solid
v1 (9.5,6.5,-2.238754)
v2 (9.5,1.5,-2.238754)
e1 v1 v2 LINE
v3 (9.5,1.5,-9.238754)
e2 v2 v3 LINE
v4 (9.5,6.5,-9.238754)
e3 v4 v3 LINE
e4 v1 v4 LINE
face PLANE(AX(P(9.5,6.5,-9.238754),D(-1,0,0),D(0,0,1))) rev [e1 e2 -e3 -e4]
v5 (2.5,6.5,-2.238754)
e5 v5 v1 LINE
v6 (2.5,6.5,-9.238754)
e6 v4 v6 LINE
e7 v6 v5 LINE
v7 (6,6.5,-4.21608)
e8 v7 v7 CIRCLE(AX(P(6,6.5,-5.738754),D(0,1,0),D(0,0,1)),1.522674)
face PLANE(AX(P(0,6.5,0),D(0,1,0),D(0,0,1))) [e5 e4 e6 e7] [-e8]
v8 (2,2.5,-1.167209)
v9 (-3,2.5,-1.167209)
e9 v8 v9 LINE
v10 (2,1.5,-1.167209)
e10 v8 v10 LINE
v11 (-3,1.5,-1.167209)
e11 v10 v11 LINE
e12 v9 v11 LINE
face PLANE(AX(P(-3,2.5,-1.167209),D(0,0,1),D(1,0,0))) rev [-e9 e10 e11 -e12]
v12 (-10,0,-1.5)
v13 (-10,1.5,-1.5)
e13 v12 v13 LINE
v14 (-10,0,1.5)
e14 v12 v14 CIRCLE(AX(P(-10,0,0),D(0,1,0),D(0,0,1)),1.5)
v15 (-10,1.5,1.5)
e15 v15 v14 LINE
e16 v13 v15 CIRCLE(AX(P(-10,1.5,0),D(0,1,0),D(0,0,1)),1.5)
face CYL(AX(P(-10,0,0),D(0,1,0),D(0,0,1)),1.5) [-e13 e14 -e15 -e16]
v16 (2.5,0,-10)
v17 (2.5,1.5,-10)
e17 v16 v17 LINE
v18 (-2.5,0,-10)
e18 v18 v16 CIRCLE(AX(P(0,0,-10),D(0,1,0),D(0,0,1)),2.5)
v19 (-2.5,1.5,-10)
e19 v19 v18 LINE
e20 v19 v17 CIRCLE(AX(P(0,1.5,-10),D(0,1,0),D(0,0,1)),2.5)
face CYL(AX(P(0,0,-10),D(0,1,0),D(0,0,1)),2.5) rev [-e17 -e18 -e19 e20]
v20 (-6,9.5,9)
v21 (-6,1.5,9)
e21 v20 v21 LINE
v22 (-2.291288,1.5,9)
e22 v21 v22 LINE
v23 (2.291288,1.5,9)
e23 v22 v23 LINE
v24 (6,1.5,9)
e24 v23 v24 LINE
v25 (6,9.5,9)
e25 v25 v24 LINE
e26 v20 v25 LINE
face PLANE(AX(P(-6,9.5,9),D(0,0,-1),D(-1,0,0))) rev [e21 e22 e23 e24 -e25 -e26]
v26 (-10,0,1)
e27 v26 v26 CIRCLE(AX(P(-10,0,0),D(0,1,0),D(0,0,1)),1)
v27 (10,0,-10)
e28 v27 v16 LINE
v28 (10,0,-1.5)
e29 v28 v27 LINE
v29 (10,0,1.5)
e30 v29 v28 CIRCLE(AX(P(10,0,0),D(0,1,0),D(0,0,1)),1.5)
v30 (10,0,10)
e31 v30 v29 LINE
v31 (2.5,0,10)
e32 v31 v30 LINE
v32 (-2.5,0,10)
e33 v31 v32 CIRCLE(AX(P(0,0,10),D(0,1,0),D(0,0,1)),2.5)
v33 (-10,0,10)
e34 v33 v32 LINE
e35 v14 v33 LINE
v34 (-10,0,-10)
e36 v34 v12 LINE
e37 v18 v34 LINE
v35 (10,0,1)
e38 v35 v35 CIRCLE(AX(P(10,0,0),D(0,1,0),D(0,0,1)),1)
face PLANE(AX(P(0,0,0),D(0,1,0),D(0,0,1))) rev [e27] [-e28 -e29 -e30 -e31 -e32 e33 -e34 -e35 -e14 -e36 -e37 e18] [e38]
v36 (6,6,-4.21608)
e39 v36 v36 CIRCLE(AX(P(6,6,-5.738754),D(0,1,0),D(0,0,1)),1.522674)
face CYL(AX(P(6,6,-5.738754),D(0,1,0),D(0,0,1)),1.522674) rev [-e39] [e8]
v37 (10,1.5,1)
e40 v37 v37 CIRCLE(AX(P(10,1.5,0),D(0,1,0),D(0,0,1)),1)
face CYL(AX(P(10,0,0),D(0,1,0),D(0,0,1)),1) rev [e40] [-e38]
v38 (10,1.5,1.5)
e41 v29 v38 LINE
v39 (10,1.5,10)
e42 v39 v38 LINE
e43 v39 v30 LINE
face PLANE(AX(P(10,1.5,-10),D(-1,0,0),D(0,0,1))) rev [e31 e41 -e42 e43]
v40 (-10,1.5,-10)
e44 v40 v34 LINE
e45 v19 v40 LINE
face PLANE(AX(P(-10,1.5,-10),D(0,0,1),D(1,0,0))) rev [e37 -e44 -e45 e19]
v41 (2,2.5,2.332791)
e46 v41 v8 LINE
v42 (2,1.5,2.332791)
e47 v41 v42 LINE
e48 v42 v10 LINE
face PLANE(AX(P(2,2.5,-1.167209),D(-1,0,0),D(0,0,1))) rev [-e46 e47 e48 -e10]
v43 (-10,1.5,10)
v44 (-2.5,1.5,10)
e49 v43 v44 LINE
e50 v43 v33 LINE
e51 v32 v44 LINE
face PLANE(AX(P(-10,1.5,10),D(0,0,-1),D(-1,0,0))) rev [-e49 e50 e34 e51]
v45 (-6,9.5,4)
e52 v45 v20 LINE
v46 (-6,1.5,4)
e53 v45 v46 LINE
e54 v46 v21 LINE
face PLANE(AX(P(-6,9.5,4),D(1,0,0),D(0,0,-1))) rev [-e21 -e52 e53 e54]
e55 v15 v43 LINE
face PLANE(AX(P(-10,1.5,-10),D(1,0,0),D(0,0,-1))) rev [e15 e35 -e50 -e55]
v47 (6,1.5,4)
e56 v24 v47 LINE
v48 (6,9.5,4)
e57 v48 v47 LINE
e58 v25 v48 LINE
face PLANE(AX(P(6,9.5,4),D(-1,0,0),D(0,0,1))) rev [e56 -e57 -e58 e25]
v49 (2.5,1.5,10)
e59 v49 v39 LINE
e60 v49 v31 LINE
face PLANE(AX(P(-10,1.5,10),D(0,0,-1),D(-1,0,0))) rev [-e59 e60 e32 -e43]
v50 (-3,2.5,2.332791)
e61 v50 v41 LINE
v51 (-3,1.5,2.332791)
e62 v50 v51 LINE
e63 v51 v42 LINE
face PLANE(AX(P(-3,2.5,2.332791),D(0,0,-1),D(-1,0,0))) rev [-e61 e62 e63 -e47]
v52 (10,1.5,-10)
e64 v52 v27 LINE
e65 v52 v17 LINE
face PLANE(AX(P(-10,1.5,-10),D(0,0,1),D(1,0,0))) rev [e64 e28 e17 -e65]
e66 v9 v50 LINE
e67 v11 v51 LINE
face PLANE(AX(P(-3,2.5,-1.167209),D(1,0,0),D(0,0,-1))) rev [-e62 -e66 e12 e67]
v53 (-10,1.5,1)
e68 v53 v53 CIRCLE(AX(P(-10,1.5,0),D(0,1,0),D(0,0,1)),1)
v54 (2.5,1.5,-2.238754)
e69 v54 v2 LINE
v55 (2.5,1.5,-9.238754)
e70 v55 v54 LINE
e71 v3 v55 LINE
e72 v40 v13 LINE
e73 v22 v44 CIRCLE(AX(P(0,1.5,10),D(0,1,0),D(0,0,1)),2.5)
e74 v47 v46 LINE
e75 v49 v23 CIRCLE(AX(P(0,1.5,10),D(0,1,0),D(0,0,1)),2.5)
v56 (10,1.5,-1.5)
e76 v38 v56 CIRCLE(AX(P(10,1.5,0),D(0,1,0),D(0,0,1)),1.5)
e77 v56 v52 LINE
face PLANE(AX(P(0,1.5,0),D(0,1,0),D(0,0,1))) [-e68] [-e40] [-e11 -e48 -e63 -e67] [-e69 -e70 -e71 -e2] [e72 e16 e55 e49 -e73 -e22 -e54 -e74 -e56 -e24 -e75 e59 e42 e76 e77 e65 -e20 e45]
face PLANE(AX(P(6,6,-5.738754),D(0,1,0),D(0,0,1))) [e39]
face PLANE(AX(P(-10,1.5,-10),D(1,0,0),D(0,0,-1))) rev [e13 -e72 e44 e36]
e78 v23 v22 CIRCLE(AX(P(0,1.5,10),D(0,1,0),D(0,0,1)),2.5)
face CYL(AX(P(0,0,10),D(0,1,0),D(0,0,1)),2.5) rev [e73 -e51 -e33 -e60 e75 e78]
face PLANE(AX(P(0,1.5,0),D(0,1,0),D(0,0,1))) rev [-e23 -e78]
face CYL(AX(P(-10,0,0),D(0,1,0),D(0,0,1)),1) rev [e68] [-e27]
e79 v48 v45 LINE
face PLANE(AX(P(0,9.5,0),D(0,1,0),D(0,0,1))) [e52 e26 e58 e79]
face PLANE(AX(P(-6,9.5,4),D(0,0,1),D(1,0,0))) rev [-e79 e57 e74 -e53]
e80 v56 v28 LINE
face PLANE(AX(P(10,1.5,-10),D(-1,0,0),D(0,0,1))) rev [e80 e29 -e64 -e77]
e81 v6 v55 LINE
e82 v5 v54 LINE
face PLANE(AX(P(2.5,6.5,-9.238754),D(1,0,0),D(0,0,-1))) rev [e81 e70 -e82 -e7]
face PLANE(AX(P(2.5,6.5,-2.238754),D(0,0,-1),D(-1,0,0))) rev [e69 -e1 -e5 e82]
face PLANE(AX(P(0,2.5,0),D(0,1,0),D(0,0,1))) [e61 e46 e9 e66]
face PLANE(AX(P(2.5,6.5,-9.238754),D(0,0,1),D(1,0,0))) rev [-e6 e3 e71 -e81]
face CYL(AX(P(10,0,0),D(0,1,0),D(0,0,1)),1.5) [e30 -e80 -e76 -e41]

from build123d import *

# Parameters (mm, degrees)
SKETCH2_W                       = 20
SKETCH2_H                       = 20
PCB_DEPTH                       = 1.5
SKETCH3_R                       = 1.5
SIDE_MOUNTING_HOLES_FRAME_DEPTH = 1.5
SKETCH4_R                       = 1
SIDE_MOUNTING_HOLES_DEPTH       = 1.5
SKETCH5_R                       = 2.5
SIDE_INLETS_DEPTH               = 1.5
SKETCH6_W                       = 12
SKETCH6_H                       = 5
BOSS_EXTRUDE3_DEPTH             = 8
SKETCH7_W                       = 7
SKETCH7_H                       = 7
BOSS_EXTRUDE4_DEPTH             = 5
SKETCH8_R                       = 1.522673679
CUT_EXTRUDE3_DEPTH              = 0.5
SKETCH9_W                       = 5
SKETCH9_H                       = 3.5
BOSS_EXTRUDE5_DEPTH             = 1


with BuildPart() as part:
    # Sketch2 → pcb (new body)
    with BuildSketch(Plane(origin=(0, 0, 0), x_dir=(1, 0, 0), z_dir=(0, 1, 0))):
        Rectangle(SKETCH2_W, SKETCH2_H)
    extrude(amount=PCB_DEPTH)

    # Sketch3 → side mounting holes frame (add)
    with BuildSketch(Plane(origin=(0, 1.5, 0), x_dir=(1, 0, 0), z_dir=(0, 1, 0))):
        with Locations((-10, 0)):
            Circle(SKETCH3_R)
        with Locations((10, 0)):
            Circle(SKETCH3_R)
    extrude(amount=-SIDE_MOUNTING_HOLES_FRAME_DEPTH)

    # Sketch4 → side mounting holes (cut)
    with BuildSketch(Plane(origin=(0, 1.5, 0), x_dir=(1, 0, 0), z_dir=(0, 1, 0))):
        with Locations((-10, 0)):
            Circle(SKETCH4_R)
        with Locations((10, 0)):
            Circle(SKETCH4_R)
    extrude(amount=-SIDE_MOUNTING_HOLES_DEPTH, mode=Mode.SUBTRACT)

    # Sketch5 → side inlets (cut)
    with BuildSketch(Plane(origin=(0, 1.5, 0), x_dir=(1, 0, 0), z_dir=(0, 1, 0))):
        with Locations((0, 10)):
            Circle(SKETCH5_R)
        with Locations((0, -10)):
            Circle(SKETCH5_R)
    extrude(amount=-SIDE_INLETS_DEPTH, mode=Mode.SUBTRACT)

    # Sketch6 → Boss-Extrude3 (add)
    with BuildSketch(Plane(origin=(0, 1.5, 0), x_dir=(1, 0, 0), z_dir=(0, 1, 0))):
        with Locations((0, -6.5)):
            Rectangle(SKETCH6_W, SKETCH6_H)
    extrude(amount=BOSS_EXTRUDE3_DEPTH)

    # Sketch7 → Boss-Extrude4 (add)
    with BuildSketch(Plane(origin=(0, 1.5, 0), x_dir=(1, 0, 0), z_dir=(0, 1, 0))):
        with Locations((6, 5.738753886)):
            Rectangle(SKETCH7_W, SKETCH7_H)
    extrude(amount=BOSS_EXTRUDE4_DEPTH)

    # Sketch8 → Cut-Extrude3 (cut)
    with BuildSketch(Plane(origin=(0, 6.5, 0), x_dir=(1, 0, 0), z_dir=(0, 1, 0))):
        with Locations((6, 5.738753886)):
            Circle(SKETCH8_R)
    extrude(amount=-CUT_EXTRUDE3_DEPTH, mode=Mode.SUBTRACT)

    # Sketch9 → Boss-Extrude5 (add)
    with BuildSketch(Plane(origin=(0, 1.5, 0), x_dir=(1, 0, 0), z_dir=(0, 1, 0))):
        with Locations((-0.5, -0.582791265)):
            Rectangle(SKETCH9_W, SKETCH9_H)
    extrude(amount=BOSS_EXTRUDE5_DEPTH)


solid = part.part
